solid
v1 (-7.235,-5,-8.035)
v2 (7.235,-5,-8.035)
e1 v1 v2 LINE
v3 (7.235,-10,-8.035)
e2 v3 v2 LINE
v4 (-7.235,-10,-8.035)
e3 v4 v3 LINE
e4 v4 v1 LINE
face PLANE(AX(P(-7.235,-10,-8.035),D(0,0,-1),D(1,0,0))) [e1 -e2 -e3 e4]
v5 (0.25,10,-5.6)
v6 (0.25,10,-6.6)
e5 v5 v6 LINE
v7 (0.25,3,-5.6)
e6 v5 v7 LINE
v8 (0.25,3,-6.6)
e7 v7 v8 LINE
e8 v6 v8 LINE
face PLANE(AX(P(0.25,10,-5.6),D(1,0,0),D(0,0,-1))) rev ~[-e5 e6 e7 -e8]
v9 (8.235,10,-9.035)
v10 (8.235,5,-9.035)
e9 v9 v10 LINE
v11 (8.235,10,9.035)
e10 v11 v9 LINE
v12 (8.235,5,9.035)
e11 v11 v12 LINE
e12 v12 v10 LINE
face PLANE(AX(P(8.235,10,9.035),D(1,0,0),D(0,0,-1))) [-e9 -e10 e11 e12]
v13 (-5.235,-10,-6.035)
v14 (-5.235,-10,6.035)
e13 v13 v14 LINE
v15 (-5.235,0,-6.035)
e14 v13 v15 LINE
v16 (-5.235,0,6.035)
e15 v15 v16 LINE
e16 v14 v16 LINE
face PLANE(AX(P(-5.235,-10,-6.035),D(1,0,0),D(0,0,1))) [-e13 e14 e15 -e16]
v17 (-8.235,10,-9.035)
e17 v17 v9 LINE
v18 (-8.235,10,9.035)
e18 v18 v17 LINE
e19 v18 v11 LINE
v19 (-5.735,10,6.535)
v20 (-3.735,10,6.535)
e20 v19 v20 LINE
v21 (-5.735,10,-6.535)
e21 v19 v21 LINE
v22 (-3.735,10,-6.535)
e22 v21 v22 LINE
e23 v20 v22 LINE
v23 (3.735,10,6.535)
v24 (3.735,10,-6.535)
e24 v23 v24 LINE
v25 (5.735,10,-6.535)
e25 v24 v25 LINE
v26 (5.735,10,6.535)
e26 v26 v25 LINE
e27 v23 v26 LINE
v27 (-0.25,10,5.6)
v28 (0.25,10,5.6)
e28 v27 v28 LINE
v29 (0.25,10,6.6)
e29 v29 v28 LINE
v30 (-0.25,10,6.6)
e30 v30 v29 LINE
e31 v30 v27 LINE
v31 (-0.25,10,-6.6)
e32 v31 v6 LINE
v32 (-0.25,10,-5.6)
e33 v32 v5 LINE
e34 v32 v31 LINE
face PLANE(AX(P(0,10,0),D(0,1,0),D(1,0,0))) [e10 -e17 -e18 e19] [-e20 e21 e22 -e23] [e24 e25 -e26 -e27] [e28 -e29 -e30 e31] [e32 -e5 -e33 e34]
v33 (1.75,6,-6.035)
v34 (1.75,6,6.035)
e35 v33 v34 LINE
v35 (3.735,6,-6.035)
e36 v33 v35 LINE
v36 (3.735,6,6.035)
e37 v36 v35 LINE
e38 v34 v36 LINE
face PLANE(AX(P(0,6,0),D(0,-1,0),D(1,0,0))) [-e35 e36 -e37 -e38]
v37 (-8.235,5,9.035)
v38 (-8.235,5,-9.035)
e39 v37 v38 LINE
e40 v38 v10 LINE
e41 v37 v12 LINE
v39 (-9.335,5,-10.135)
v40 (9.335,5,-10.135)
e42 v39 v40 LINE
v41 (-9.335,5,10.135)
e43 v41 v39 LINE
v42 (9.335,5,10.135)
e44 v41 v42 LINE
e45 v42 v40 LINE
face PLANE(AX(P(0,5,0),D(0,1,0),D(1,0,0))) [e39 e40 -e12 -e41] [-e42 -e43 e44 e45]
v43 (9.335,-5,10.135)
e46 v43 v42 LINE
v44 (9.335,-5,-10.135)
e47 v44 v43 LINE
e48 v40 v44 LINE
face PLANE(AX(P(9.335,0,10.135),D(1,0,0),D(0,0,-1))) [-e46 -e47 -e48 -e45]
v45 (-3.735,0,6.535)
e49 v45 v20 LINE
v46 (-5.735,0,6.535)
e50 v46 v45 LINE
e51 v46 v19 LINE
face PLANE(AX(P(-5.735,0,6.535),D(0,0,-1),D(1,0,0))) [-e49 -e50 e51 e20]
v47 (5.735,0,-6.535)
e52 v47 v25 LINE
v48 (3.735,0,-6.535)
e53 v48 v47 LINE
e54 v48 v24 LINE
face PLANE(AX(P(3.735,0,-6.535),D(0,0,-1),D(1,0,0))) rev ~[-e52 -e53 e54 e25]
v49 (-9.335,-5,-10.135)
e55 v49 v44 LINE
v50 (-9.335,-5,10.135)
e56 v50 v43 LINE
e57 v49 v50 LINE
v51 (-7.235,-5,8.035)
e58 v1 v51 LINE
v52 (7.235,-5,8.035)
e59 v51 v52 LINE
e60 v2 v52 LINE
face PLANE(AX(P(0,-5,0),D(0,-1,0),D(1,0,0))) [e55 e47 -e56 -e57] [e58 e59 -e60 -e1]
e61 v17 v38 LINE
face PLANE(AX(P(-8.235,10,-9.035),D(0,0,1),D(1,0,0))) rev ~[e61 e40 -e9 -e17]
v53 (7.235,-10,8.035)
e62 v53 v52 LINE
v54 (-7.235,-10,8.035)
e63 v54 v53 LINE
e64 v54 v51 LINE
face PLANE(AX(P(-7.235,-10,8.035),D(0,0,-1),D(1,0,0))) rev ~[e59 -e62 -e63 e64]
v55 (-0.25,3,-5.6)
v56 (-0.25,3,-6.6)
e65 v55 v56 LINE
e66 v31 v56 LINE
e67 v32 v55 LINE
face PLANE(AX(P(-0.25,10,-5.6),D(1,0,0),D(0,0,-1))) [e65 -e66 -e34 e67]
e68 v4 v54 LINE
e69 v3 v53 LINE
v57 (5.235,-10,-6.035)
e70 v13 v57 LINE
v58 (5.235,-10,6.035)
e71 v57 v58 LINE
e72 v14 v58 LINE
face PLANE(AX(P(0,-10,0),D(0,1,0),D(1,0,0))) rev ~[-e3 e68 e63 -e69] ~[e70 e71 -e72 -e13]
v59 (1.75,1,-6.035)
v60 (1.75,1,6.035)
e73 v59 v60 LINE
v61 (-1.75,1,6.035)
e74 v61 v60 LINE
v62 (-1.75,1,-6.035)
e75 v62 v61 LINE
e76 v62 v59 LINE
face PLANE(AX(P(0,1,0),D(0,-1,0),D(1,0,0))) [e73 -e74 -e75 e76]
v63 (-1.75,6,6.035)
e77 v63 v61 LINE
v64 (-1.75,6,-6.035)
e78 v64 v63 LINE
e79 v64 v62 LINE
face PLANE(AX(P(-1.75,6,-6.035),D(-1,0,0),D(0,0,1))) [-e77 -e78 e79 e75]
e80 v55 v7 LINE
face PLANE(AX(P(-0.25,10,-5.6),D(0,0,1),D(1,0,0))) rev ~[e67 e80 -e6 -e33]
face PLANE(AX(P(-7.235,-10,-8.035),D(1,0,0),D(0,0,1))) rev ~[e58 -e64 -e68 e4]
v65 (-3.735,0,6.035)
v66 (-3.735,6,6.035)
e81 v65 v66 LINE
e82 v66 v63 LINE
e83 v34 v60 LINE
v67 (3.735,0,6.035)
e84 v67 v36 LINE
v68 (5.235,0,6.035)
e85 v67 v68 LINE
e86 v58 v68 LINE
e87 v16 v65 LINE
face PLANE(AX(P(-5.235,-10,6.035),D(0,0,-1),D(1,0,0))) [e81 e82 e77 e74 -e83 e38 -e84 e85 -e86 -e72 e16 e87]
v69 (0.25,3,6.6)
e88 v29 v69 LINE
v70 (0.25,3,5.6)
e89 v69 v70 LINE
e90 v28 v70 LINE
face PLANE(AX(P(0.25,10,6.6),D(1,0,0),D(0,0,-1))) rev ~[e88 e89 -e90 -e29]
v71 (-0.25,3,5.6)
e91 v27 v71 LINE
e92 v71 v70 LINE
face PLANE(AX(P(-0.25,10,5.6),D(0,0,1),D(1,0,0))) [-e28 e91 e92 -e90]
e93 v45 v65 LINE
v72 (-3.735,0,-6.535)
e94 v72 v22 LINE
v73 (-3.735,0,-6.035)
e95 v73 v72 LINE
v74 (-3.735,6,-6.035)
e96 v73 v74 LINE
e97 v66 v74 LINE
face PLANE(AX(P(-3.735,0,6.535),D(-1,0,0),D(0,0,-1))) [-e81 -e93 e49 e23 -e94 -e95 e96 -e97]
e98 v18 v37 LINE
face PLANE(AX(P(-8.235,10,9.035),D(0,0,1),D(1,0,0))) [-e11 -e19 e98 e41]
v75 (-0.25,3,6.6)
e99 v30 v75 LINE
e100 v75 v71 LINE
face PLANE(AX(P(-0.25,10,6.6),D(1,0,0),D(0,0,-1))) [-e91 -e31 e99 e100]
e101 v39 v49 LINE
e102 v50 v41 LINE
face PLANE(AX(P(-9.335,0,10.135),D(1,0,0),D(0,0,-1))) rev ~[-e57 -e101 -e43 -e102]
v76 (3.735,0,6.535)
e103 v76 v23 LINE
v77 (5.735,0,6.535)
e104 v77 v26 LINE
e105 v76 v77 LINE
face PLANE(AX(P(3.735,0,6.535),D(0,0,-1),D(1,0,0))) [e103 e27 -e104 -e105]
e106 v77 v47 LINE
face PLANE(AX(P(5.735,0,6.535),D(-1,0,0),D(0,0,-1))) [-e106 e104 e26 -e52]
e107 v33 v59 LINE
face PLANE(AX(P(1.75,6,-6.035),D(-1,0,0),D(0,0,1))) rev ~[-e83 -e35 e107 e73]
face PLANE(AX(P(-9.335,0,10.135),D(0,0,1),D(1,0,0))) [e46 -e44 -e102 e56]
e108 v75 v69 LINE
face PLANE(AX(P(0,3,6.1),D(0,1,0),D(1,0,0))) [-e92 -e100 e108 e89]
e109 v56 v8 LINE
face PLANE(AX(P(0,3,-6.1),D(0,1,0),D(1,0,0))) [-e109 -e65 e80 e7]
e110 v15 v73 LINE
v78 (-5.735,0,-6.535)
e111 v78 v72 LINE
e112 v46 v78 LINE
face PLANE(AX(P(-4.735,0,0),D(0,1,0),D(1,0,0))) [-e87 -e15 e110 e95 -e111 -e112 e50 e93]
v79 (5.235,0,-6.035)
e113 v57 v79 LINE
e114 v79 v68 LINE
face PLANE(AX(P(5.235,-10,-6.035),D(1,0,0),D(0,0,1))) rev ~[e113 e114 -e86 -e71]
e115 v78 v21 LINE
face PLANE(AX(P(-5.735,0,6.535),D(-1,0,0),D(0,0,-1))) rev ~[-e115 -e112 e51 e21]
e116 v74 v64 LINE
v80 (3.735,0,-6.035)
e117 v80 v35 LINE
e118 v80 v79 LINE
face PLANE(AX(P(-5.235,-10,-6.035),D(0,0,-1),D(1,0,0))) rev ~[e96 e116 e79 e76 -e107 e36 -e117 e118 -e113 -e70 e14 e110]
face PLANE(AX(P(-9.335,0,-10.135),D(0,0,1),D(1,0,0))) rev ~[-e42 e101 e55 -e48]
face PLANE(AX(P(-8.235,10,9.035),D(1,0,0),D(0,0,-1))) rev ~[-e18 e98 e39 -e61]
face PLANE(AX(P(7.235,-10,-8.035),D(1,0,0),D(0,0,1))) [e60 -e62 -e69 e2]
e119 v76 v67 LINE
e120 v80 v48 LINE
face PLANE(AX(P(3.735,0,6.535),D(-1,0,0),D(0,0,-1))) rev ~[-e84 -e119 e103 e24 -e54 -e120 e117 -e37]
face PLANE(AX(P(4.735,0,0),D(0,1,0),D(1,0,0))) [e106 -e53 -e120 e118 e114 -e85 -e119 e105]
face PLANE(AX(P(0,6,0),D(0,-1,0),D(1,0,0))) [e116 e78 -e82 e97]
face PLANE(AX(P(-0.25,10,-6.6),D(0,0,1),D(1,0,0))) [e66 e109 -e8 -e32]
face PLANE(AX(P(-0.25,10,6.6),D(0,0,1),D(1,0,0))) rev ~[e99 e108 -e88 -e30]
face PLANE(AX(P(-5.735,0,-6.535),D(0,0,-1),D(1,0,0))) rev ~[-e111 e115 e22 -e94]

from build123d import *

# Parameters (mm, degrees)
SKETCH1_W           = 18.67
SKETCH1_H           = 20.27
BOSS_EXTRUDE1_DEPTH = 10
SKETCH2_W           = 18.67
SKETCH2_H           = 20.27
SKETCH2_W_2         = 16.47
SKETCH2_H_2         = 18.07
CUT_EXTRUDE1_DEPTH  = 5
SKETCH7_W           = 18.67
SKETCH7_H           = 20.27
SKETCH7_W_2         = 14.47
SKETCH7_H_2         = 16.07
CUT_EXTRUDE5_DEPTH  = 5
SKETCH3_W           = 10.47
SKETCH3_H           = 12.07
CUT_EXTRUDE2_DEPTH  = 16
CUT_EXTRUDE3_START  = -10
SKETCH4_W           = 2
SKETCH4_H           = 13.07
CUT_EXTRUDE3_DEPTH  = 10
SKETCH6_W           = 3.5
SKETCH6_H           = 12.07
BOSS_EXTRUDE2_DEPTH = 5
SKETCH5_W           = 0.5
SKETCH5_H           = 1
CUT_EXTRUDE4_DEPTH  = 7


with BuildPart() as part:
    # Sketch1 → Boss-Extrude1 (new body, symmetric)
    with BuildSketch(Plane(origin=(0, 0, 0), x_dir=(1, 0, 0), z_dir=(0, 1, 0))):
        Rectangle(SKETCH1_W, SKETCH1_H)
    extrude(amount=BOSS_EXTRUDE1_DEPTH, both=True)

    # Sketch2 → Cut-Extrude1 (cut)
    with BuildSketch(Plane(origin=(0, 10, 0), x_dir=(1, 0, 0), z_dir=(0, 1, 0))):
        Rectangle(SKETCH2_W, SKETCH2_H)
        Rectangle(SKETCH2_W_2, SKETCH2_H_2, mode=Mode.SUBTRACT)
    extrude(amount=-CUT_EXTRUDE1_DEPTH, mode=Mode.SUBTRACT)

    # Sketch7 → Cut-Extrude5 (cut)
    with BuildSketch(Plane.XZ.offset(10)):
        Rectangle(SKETCH7_W, SKETCH7_H)
        Rectangle(SKETCH7_W_2, SKETCH7_H_2, mode=Mode.SUBTRACT)
    extrude(amount=-CUT_EXTRUDE5_DEPTH, mode=Mode.SUBTRACT)

    # Sketch3 → Cut-Extrude2 (cut)
    with BuildSketch(Plane.XZ.offset(10)):
        Rectangle(SKETCH3_W, SKETCH3_H)
    extrude(amount=-CUT_EXTRUDE2_DEPTH, mode=Mode.SUBTRACT)

    # Sketch4 → Cut-Extrude3 (cut)
    with BuildSketch(Plane(origin=(0, 10, 0), x_dir=(1, 0, 0), z_dir=(0, 1, 0)).offset(CUT_EXTRUDE3_START)):
        with Locations((-4.735, 0)):
            Rectangle(SKETCH4_W, SKETCH4_H)
        with Locations((4.735, 0)):
            Rectangle(SKETCH4_W, SKETCH4_H)
    extrude(amount=CUT_EXTRUDE3_DEPTH, mode=Mode.SUBTRACT)

    # Sketch6 → Boss-Extrude2 (add)
    with BuildSketch(Plane.XZ.offset(-6)):
        Rectangle(SKETCH6_W, SKETCH6_H)
    extrude(amount=BOSS_EXTRUDE2_DEPTH)

    # Sketch5 → Cut-Extrude4 (cut)
    with BuildSketch(Plane(origin=(0, 10, 0), x_dir=(1, 0, 0), z_dir=(0, 1, 0))):
        with Locations((0, -6.1)):
            Rectangle(SKETCH5_W, SKETCH5_H)
        with Locations((0, 6.1)):
            Rectangle(SKETCH5_W, SKETCH5_H)
    extrude(amount=-CUT_EXTRUDE4_DEPTH, mode=Mode.SUBTRACT)


solid = part.part
